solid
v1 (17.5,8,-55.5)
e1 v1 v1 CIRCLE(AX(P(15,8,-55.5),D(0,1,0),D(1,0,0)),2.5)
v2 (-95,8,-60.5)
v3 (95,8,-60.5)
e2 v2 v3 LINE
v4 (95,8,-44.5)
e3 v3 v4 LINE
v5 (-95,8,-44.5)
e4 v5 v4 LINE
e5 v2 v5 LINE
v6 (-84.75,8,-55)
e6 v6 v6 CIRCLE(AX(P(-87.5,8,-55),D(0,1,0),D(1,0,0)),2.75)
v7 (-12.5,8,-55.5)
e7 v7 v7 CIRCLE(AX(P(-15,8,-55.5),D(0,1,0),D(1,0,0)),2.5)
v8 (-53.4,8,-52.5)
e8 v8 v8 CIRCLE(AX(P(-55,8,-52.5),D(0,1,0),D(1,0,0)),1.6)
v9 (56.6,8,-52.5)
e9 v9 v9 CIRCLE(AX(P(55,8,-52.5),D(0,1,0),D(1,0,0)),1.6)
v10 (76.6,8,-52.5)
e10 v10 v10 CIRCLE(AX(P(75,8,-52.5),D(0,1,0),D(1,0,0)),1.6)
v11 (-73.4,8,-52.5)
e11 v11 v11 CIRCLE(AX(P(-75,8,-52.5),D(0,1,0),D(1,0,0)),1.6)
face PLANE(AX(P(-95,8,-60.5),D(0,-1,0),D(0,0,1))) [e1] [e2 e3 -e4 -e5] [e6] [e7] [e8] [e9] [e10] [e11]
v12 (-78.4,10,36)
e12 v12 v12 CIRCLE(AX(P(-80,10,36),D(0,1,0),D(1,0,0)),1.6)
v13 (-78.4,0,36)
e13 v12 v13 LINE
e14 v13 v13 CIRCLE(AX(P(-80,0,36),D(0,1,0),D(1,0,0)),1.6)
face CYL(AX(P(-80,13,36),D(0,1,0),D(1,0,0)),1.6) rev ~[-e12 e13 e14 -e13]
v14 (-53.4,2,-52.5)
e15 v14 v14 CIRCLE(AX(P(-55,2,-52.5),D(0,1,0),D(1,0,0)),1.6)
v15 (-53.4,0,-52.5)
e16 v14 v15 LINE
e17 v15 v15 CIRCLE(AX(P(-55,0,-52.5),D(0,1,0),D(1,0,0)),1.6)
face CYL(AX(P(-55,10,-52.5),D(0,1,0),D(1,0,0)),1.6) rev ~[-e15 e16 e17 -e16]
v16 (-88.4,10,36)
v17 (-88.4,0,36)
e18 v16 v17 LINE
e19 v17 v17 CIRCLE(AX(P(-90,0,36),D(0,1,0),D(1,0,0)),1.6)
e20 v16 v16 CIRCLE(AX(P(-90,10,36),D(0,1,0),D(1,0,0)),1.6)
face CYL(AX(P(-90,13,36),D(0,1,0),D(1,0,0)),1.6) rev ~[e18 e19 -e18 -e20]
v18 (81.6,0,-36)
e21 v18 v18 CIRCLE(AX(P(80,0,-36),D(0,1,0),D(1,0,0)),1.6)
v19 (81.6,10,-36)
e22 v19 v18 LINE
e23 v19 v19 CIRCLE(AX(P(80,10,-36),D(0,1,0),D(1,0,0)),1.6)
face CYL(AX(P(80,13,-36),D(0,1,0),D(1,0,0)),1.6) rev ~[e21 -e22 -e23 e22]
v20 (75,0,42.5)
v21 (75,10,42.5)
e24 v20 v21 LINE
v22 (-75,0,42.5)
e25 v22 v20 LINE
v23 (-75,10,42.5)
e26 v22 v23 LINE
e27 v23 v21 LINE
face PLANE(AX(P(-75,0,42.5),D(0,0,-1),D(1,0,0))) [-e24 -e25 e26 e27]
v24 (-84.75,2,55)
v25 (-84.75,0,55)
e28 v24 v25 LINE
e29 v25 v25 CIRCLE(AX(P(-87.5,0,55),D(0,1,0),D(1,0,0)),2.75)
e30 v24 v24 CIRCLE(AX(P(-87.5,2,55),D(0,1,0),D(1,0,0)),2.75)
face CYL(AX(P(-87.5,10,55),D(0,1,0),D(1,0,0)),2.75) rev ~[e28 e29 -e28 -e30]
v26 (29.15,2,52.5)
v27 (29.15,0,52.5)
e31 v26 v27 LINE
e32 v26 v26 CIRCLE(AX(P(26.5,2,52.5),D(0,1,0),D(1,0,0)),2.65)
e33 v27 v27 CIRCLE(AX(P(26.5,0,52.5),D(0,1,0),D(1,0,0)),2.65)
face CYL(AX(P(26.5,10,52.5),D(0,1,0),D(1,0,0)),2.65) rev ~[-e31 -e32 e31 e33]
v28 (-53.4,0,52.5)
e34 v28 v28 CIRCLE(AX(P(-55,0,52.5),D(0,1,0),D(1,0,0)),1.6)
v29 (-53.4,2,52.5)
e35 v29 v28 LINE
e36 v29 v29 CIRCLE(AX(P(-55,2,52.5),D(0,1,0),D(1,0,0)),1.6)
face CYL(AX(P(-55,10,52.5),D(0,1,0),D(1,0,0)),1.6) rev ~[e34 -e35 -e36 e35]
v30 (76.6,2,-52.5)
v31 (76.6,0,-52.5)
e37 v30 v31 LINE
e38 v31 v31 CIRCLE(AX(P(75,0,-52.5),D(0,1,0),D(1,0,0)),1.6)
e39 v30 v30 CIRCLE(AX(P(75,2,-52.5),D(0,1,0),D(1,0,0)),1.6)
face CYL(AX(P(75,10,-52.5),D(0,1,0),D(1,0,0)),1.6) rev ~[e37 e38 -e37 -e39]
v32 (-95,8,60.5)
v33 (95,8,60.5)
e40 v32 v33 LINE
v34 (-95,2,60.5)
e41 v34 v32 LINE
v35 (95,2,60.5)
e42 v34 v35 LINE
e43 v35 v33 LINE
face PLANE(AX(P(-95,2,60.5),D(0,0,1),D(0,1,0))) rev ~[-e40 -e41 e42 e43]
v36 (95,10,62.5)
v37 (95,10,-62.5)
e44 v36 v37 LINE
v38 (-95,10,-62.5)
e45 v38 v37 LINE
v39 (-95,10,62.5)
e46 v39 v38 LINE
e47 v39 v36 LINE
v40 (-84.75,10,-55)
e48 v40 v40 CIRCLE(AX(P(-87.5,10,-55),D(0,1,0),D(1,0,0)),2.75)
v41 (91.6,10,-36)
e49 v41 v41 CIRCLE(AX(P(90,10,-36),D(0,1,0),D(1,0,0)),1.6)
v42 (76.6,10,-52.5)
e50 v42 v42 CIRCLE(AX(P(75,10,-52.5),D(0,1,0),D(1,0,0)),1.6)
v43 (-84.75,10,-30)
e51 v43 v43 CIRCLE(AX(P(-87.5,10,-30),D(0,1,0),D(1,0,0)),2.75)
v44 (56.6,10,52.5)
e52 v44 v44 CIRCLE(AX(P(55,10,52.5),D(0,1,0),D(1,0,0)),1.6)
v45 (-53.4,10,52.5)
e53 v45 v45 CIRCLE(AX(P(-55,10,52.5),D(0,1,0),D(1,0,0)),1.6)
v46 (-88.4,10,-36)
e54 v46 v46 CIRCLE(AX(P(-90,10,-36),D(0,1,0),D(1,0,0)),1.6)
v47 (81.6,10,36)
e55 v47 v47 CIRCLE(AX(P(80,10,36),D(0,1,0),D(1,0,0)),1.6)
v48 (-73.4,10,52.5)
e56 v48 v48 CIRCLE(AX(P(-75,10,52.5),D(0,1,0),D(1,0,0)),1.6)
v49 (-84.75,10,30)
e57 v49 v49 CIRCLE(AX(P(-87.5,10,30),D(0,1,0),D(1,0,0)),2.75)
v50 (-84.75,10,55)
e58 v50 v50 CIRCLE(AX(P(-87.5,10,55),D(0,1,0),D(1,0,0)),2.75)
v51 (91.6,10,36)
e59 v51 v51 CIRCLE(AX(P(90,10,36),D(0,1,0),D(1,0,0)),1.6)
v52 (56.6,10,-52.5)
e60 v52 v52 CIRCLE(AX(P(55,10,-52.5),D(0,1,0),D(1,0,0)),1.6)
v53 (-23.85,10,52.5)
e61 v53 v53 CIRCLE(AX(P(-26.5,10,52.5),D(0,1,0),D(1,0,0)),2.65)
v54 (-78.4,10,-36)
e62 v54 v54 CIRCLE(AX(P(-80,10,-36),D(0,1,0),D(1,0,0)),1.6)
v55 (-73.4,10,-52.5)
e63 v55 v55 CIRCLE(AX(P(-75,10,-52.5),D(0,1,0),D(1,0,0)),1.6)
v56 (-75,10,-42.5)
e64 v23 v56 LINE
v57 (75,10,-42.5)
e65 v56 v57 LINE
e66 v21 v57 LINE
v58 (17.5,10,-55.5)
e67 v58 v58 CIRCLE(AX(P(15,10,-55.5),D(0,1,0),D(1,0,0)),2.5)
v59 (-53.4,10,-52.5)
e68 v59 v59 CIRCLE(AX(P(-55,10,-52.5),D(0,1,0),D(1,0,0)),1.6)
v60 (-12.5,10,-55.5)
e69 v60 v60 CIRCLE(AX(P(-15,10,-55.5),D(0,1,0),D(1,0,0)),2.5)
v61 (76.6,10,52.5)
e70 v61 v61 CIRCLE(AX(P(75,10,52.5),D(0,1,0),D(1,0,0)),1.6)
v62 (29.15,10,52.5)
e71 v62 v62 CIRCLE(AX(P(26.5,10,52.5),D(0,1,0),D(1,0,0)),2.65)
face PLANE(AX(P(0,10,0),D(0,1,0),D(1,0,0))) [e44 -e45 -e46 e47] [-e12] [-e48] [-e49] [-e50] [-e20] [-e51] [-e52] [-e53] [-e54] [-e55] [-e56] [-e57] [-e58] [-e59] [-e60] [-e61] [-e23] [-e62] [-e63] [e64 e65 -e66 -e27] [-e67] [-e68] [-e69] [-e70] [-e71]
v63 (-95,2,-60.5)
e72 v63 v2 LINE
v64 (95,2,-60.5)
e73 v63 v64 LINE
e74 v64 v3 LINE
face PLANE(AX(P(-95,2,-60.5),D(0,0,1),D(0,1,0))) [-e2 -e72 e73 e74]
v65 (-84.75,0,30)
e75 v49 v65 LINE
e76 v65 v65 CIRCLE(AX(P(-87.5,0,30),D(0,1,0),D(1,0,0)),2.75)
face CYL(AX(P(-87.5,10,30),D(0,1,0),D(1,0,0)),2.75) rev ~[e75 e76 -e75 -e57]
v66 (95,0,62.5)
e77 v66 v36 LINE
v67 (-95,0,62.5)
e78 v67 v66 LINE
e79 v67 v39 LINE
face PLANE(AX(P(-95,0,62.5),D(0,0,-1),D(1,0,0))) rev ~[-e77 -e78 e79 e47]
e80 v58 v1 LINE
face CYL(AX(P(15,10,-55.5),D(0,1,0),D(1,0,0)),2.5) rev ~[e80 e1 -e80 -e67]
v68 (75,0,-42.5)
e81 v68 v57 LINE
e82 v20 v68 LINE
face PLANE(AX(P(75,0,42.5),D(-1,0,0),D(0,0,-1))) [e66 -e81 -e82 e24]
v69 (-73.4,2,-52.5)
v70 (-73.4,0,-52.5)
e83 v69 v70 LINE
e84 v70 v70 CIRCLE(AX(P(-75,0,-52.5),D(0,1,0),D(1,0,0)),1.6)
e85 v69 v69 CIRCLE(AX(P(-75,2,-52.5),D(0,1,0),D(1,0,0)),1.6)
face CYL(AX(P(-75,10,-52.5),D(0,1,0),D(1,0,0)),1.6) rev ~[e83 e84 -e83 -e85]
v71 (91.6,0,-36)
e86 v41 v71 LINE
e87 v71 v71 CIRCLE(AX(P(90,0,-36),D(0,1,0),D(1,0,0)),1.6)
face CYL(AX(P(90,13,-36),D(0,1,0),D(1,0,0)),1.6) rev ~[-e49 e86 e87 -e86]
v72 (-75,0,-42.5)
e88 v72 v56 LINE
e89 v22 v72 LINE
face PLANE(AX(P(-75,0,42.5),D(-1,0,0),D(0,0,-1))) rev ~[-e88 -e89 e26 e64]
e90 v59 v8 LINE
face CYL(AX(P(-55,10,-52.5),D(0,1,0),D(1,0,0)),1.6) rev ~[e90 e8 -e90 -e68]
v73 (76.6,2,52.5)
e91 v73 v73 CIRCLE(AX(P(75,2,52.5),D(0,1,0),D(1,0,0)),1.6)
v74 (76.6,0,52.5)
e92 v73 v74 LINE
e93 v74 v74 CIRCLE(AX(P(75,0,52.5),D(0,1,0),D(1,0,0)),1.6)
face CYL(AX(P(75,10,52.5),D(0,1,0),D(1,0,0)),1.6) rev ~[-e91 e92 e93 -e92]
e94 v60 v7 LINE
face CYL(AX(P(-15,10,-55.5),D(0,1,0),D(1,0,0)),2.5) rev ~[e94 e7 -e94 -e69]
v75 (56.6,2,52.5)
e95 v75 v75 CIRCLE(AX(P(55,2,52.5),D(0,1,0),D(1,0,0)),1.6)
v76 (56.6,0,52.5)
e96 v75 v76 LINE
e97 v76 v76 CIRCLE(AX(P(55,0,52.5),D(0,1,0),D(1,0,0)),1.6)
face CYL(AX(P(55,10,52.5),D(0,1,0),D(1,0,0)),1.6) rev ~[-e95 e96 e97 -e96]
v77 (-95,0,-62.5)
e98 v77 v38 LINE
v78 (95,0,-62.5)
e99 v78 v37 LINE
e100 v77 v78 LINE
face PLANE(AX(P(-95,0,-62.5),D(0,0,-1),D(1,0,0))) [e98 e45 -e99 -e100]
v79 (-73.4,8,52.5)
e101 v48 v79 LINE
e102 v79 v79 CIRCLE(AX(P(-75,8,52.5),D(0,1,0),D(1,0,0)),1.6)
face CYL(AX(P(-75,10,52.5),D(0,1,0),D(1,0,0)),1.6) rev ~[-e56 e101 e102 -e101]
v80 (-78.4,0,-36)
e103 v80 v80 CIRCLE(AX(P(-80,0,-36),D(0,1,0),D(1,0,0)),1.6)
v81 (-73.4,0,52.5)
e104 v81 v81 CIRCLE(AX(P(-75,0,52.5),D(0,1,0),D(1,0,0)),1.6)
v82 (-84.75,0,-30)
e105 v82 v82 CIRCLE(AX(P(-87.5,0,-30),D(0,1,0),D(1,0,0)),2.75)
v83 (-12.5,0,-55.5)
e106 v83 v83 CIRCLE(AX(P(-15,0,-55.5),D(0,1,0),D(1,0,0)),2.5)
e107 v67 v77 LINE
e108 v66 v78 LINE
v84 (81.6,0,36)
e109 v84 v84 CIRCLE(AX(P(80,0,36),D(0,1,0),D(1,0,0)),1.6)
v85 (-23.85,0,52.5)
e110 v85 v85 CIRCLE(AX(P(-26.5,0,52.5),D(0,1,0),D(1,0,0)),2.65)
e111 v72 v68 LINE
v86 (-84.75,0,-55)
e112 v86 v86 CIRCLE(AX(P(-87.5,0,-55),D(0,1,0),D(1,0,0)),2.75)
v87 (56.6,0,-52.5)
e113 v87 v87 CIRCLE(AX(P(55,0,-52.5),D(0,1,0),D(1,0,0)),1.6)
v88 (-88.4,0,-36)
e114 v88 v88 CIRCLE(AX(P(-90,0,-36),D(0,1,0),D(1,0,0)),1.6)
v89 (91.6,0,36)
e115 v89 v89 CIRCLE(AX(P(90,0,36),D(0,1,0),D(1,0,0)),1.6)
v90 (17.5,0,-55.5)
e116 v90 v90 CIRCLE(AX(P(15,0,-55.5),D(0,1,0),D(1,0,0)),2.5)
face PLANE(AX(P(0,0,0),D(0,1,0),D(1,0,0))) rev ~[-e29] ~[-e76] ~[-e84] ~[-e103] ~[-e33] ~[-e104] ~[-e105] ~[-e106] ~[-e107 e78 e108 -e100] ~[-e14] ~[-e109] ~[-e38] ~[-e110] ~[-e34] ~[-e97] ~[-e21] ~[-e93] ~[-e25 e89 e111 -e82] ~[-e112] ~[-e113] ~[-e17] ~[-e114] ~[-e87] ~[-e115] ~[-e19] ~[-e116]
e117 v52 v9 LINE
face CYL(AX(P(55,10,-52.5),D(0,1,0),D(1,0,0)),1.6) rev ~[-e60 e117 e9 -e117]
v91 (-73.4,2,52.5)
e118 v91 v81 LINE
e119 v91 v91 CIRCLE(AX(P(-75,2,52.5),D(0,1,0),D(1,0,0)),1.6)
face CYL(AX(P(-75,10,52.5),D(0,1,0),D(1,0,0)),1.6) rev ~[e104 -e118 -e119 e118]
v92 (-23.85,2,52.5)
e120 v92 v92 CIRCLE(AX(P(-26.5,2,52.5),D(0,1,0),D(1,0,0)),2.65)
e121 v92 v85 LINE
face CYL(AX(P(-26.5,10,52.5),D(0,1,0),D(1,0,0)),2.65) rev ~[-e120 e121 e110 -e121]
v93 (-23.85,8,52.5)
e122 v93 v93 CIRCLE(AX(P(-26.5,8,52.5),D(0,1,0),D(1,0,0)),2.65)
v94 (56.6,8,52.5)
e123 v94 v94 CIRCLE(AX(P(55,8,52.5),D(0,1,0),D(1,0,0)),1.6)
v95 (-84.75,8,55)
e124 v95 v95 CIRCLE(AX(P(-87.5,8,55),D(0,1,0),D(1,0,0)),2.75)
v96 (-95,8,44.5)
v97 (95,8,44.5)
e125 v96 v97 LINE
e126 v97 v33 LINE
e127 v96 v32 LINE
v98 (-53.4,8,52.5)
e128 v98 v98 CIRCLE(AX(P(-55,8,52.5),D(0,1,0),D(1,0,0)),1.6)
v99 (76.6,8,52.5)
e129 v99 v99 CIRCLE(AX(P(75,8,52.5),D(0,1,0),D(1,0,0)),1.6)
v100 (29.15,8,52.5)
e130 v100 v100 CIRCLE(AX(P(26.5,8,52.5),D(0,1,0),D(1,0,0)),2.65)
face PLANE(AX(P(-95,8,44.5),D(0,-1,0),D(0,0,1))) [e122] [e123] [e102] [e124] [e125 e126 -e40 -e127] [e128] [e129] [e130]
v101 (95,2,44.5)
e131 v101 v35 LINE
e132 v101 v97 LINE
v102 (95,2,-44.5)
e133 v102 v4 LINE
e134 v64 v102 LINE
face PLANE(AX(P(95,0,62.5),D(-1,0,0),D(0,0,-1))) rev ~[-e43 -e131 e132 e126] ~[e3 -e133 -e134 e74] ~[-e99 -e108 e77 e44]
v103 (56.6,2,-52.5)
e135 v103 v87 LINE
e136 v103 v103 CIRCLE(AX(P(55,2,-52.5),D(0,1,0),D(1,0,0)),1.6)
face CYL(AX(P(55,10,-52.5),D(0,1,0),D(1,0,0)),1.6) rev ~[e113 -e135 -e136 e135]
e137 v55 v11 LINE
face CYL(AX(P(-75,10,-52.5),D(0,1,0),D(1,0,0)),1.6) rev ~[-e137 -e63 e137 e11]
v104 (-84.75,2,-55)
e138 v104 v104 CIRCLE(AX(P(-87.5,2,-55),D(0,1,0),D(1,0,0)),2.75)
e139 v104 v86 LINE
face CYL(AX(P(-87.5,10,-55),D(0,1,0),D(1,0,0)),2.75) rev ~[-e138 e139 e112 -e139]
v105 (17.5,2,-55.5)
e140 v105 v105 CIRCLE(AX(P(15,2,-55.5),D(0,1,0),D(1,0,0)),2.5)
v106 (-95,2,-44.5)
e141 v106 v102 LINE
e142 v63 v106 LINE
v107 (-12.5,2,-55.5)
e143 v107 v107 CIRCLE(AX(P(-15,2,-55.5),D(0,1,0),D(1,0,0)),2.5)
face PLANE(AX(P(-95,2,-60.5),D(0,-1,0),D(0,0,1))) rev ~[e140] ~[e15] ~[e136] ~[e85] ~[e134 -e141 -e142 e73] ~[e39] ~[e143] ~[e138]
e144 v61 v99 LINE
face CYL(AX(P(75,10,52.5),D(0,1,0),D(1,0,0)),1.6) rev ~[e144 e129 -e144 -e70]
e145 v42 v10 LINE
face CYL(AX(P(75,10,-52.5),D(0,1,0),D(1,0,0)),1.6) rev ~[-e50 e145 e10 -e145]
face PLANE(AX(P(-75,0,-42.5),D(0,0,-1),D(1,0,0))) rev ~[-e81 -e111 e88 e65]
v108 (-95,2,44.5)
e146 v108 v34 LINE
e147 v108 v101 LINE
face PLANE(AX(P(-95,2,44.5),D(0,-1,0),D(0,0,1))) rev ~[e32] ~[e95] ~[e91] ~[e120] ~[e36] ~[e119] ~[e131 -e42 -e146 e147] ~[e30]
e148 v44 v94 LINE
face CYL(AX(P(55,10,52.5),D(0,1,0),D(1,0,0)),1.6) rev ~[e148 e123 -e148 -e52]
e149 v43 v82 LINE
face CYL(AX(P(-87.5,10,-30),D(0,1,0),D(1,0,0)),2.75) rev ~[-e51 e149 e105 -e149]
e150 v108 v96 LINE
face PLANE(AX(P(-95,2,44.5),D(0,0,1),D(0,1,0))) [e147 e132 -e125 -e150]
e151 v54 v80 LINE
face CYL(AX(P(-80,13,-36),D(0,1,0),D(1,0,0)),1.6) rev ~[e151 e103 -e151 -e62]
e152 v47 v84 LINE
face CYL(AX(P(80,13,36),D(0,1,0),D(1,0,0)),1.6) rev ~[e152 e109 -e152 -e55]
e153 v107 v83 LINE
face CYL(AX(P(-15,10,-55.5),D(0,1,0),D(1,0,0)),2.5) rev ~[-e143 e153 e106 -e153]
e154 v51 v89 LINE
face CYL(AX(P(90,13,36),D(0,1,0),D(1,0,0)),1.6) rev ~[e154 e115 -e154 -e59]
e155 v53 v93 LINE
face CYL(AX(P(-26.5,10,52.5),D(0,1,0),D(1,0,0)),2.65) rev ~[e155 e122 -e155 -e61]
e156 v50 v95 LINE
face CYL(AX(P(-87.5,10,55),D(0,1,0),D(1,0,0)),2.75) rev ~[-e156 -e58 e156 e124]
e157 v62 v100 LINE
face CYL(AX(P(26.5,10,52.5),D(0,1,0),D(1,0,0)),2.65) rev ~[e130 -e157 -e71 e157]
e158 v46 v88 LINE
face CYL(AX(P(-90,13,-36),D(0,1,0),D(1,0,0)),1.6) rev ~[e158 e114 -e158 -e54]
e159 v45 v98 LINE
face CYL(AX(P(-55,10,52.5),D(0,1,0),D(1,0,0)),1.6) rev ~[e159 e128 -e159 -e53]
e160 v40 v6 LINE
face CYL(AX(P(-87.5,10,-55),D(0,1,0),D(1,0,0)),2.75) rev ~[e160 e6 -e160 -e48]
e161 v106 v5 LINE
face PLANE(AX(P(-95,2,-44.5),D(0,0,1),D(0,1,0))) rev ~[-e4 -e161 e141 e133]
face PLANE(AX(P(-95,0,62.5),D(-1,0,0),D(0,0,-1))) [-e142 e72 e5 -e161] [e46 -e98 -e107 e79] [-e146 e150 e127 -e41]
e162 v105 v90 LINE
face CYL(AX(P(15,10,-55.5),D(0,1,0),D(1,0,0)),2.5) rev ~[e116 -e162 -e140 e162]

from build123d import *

# Parameters (mm, degrees)
SKETCH1_W          = 190
SKETCH1_H          = 125
SKETCH1_W_2        = 150
SKETCH1_H_2        = 85
EXTRUDE1_DEPTH     = 10
SKETCH2_W          = 16
SKETCH2_H          = 6
CUT_EXTRUDE1_DEPTH = 200
SKETCH3_R          = 1.6
SKETCH3_R_2        = 2.65
SKETCH3_R_3        = 2.5
CUT_EXTRUDE2_DEPTH = 20
SKETCH4_R          = 1.6
CUT_EXTRUDE3_DEPTH = 26
SKETCH5_R          = 2.75
CUT_EXTRUDE4_DEPTH = 10


with BuildPart() as part:
    # Sketch1 → Extrude1 (new body)
    with BuildSketch(Plane(origin=(0, 0, 0), x_dir=(1, 0, 0), z_dir=(0, 1, 0))):
        Rectangle(SKETCH1_W, SKETCH1_H)
        Rectangle(SKETCH1_W_2, SKETCH1_H_2, mode=Mode.SUBTRACT)
    extrude(amount=EXTRUDE1_DEPTH)

    # Sketch2 → Cut-Extrude1 (cut)
    with BuildSketch(Plane.ZY.offset(95)):
        with Locations((-52.5, 5)):
            Rectangle(SKETCH2_W, SKETCH2_H)
        with Locations((52.5, 5)):
            Rectangle(SKETCH2_W, SKETCH2_H)
    extrude(amount=-CUT_EXTRUDE1_DEPTH, mode=Mode.SUBTRACT)

    # Sketch3 → Cut-Extrude2 (cut)
    with BuildSketch(Plane(origin=(0, 10, 0), x_dir=(1, 0, 0), z_dir=(0, 1, 0))):
        with Locations((75, -52.5)):
            Circle(SKETCH3_R)
        with Locations((55, -52.5)):
            Circle(SKETCH3_R)
        with Locations((75, 52.5)):
            Circle(SKETCH3_R)
        with Locations((55, 52.5)):
            Circle(SKETCH3_R)
        with Locations((-55, 52.5)):
            Circle(SKETCH3_R)
        with Locations((-75, 52.5)):
            Circle(SKETCH3_R)
        with Locations((-75, -52.5)):
            Circle(SKETCH3_R)
        with Locations((-55, -52.5)):
            Circle(SKETCH3_R)
        with Locations((26.5, -52.5)):
            Circle(SKETCH3_R_2)
        with Locations((-26.5, -52.5)):
            Circle(SKETCH3_R_2)
        with Locations((15, 55.5)):
            Circle(SKETCH3_R_3)
        with Locations((-15, 55.5)):
            Circle(SKETCH3_R_3)
    extrude(amount=-CUT_EXTRUDE2_DEPTH, mode=Mode.SUBTRACT)

    # Sketch4 → Cut-Extrude3 (cut)
    with BuildSketch(Plane(origin=(0, 13, 0), x_dir=(1, 0, 0), z_dir=(0, 1, 0))):
        with Locations((90, 36)):
            Circle(SKETCH4_R)
        with Locations((80, 36)):
            Circle(SKETCH4_R)
        with Locations((90, -36)):
            Circle(SKETCH4_R)
        with Locations((80, -36)):
            Circle(SKETCH4_R)
        with Locations((-80, -36)):
            Circle(SKETCH4_R)
        with Locations((-90, -36)):
            Circle(SKETCH4_R)
        with Locations((-80, 36)):
            Circle(SKETCH4_R)
        with Locations((-90, 36)):
            Circle(SKETCH4_R)
    extrude(amount=-CUT_EXTRUDE3_DEPTH, mode=Mode.SUBTRACT)

    # Sketch5 → Cut-Extrude4 (cut)
    with BuildSketch(Plane(origin=(0, 10, 0), x_dir=(1, 0, 0), z_dir=(0, 1, 0))):
        with Locations((-87.5, -55)):
            Circle(SKETCH5_R)
        with Locations((-87.5, -30)):
            Circle(SKETCH5_R)
        with Locations((-87.5, 30)):
            Circle(SKETCH5_R)
        with Locations((-87.5, 55)):
            Circle(SKETCH5_R)
    extrude(amount=-CUT_EXTRUDE4_DEPTH, mode=Mode.SUBTRACT)


solid = part.part
